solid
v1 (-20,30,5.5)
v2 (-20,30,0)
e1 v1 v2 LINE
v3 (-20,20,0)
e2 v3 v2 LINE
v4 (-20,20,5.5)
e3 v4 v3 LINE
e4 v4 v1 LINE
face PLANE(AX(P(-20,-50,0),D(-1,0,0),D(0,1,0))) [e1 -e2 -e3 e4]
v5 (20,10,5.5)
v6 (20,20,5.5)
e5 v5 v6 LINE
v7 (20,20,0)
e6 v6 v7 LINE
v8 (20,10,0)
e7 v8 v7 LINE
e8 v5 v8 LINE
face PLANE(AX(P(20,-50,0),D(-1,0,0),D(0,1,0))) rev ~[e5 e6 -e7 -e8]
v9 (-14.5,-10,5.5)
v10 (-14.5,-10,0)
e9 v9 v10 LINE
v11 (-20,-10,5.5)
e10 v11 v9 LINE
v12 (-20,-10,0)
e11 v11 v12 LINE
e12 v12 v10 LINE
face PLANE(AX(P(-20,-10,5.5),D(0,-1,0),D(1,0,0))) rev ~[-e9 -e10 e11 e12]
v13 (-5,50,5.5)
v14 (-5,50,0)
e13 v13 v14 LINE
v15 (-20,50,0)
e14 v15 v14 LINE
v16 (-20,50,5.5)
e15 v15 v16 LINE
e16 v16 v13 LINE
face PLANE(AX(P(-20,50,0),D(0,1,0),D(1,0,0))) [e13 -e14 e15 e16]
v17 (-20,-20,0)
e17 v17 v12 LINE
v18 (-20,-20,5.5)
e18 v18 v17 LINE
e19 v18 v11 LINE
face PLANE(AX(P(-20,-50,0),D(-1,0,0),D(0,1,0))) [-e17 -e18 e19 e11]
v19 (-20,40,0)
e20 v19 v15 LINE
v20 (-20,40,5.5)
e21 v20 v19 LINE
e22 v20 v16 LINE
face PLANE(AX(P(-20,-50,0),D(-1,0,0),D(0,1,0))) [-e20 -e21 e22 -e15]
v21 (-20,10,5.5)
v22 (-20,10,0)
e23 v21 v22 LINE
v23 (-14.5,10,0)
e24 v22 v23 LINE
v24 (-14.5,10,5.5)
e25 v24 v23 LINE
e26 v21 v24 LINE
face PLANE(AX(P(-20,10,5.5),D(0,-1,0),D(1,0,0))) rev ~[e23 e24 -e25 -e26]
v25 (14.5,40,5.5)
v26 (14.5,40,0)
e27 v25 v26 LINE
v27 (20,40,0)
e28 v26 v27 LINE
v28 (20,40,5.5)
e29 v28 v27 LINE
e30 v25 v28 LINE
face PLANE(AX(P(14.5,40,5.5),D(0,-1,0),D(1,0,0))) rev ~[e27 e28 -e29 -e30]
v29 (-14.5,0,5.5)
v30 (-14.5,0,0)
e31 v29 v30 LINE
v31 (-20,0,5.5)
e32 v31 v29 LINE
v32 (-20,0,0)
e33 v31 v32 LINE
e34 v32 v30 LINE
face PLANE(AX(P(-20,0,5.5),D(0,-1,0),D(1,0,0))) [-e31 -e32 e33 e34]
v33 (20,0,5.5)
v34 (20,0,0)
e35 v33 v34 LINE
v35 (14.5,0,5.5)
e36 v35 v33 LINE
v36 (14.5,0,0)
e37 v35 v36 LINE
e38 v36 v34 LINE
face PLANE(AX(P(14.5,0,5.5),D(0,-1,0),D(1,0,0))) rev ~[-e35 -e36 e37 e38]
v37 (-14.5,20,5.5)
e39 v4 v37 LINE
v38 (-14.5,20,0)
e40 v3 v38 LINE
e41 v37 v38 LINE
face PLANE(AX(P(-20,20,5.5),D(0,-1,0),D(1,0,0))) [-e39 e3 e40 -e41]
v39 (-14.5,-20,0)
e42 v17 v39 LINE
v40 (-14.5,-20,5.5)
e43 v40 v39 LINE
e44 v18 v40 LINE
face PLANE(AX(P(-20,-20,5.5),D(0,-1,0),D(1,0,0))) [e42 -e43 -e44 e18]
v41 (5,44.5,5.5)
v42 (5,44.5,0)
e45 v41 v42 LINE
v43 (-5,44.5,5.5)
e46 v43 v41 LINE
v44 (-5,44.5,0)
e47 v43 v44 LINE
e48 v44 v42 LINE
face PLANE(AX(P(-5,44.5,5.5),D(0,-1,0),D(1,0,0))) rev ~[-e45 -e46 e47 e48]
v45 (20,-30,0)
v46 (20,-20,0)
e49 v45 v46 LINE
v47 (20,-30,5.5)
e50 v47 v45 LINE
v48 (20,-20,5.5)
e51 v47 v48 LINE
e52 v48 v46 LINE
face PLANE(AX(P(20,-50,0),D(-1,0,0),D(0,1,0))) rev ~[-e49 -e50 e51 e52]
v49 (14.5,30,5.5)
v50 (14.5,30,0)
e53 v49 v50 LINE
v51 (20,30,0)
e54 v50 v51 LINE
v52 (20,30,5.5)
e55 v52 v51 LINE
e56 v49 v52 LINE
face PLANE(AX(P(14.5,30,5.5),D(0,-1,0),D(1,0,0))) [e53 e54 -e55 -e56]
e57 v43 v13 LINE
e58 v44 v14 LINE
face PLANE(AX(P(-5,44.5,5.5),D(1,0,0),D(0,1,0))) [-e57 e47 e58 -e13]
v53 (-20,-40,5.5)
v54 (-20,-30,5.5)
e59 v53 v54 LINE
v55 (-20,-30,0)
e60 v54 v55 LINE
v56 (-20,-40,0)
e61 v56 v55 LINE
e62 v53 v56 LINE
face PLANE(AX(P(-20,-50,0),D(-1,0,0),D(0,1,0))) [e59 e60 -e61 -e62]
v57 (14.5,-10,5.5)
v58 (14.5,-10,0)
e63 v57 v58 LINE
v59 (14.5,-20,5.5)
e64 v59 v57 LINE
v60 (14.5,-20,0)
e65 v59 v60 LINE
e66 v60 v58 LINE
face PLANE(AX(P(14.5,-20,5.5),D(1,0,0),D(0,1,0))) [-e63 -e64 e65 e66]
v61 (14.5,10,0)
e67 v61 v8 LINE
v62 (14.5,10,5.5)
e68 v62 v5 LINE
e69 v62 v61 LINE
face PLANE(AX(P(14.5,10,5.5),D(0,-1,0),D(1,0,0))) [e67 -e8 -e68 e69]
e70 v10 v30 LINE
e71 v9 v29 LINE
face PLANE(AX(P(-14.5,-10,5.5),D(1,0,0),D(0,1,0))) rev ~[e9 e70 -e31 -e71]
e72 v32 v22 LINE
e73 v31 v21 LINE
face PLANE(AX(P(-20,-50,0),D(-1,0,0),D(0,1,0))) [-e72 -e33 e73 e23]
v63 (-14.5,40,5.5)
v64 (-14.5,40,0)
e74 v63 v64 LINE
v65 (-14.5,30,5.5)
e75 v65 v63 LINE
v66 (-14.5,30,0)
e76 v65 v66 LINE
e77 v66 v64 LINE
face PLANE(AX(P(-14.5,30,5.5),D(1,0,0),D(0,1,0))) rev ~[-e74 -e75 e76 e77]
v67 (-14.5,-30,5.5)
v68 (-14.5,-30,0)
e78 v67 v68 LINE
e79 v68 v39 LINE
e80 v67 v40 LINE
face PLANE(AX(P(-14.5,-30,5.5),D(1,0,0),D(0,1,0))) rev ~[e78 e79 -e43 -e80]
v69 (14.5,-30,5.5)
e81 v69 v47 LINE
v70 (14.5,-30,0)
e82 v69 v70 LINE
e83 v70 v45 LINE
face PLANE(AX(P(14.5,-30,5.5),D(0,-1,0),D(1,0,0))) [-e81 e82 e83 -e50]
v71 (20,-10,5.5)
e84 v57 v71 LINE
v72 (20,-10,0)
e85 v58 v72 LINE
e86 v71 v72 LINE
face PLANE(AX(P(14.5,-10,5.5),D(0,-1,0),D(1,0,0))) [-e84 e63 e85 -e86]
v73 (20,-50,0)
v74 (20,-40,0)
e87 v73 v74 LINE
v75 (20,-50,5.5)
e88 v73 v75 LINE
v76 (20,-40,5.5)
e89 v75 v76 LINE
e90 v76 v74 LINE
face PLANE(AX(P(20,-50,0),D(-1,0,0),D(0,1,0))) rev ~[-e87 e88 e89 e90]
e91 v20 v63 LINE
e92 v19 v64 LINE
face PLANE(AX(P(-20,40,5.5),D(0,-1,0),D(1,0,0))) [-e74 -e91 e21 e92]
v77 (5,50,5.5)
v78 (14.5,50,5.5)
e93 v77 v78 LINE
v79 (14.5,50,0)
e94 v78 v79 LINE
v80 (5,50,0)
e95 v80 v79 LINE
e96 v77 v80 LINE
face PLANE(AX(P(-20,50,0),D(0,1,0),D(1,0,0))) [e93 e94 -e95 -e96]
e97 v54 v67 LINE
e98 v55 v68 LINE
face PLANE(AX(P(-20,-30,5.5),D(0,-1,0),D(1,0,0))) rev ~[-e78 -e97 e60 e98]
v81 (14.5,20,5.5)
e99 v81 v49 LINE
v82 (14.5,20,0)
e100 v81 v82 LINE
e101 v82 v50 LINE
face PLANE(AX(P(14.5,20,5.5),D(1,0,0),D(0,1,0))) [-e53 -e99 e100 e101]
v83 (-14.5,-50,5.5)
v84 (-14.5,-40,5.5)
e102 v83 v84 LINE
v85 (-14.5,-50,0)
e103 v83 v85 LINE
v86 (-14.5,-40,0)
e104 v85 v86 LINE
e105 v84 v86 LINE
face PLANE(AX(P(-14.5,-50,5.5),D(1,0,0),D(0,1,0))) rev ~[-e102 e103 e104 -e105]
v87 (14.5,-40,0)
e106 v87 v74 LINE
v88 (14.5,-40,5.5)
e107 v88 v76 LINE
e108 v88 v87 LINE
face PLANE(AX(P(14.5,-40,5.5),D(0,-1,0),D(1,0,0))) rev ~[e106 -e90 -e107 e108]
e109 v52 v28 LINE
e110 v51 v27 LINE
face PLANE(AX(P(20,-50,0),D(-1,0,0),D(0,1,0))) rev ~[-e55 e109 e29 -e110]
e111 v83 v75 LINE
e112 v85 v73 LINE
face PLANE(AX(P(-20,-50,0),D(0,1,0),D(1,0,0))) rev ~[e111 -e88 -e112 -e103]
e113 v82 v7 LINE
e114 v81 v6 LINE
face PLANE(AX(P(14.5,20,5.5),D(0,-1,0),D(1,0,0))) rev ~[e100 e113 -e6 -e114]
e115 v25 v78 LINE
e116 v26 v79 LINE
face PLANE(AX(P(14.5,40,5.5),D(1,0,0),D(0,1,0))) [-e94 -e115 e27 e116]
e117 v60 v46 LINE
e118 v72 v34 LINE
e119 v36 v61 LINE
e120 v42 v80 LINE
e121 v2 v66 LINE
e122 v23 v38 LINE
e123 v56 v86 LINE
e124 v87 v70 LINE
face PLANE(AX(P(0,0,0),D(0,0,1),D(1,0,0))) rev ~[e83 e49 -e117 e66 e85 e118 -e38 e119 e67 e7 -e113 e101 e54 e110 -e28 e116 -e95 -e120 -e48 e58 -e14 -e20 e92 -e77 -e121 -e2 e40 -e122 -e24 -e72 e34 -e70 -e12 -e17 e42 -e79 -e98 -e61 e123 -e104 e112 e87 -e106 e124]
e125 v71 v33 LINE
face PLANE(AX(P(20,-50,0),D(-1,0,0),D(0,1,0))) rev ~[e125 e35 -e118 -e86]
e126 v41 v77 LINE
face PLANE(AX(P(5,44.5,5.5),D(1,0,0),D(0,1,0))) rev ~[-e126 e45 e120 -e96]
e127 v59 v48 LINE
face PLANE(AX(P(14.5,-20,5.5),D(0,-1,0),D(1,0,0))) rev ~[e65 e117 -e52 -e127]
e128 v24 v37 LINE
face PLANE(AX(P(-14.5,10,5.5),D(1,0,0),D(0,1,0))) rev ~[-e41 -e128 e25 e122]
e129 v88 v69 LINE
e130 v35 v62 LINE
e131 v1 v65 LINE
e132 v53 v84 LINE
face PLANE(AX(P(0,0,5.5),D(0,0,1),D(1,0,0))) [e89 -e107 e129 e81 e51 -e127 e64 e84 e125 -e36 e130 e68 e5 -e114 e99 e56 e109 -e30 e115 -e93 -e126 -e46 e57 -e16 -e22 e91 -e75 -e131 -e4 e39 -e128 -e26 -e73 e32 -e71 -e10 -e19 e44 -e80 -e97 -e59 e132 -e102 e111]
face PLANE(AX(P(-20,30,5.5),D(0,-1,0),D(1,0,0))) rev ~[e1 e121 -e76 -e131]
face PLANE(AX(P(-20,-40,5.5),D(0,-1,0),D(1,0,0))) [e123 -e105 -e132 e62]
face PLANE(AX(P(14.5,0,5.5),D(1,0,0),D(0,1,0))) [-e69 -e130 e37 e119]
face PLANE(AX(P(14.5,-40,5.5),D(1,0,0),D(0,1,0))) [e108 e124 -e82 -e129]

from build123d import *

# Parameters (mm, degrees)
SKETCH_1_W          = 40
SKETCH_1_H          = 100
EXTRUDE_1_DEPTH     = 5.5
SKETCH_2_W          = 5.5
SKETCH_2_H          = 10
CUT_EXTRUDE_1_DEPTH = 55.13178364
SKETCH_3_W          = 10
SKETCH_3_H          = 5.5
CUT_EXTRUDE_2_DEPTH = 55.13178364


with BuildPart() as part:
    # ｽｹｯﾁ1 → ﾎﾞｽ - 押し出し1 (new body)
    with BuildSketch(Plane.XY):
        Rectangle(SKETCH_1_W, SKETCH_1_H)
    extrude(amount=EXTRUDE_1_DEPTH)

    # ｽｹｯﾁ2 → ｶｯﾄ - 押し出し1 (cut, through all)
    with BuildSketch(Plane.XY.offset(5.5)):
        with Locations((-17.25, -45)):
            Rectangle(SKETCH_2_W, SKETCH_2_H)
        with Locations((17.25, -35)):
            Rectangle(SKETCH_2_W, SKETCH_2_H)
        with Locations((-17.25, -25)):
            Rectangle(SKETCH_2_W, SKETCH_2_H)
        with Locations((17.25, -15)):
            Rectangle(SKETCH_2_W, SKETCH_2_H)
        with Locations((-17.25, -5)):
            Rectangle(SKETCH_2_W, SKETCH_2_H)
        with Locations((17.25, 5)):
            Rectangle(SKETCH_2_W, SKETCH_2_H)
        with Locations((-17.25, 15)):
            Rectangle(SKETCH_2_W, SKETCH_2_H)
        with Locations((17.25, 25)):
            Rectangle(SKETCH_2_W, SKETCH_2_H)
        with Locations((-17.25, 35)):
            Rectangle(SKETCH_2_W, SKETCH_2_H)
        with Locations((17.25, 45)):
            Rectangle(SKETCH_2_W, SKETCH_2_H)
    extrude(amount=-CUT_EXTRUDE_1_DEPTH, mode=Mode.SUBTRACT)

    # ｽｹｯﾁ3 → ｶｯﾄ - 押し出し2 (cut, through all)
    with BuildSketch(Plane.XY.offset(5.5)):
        with Locations((0, 47.25)):
            Rectangle(SKETCH_3_W, SKETCH_3_H)
    extrude(amount=-CUT_EXTRUDE_2_DEPTH, mode=Mode.SUBTRACT)


solid = part.part
